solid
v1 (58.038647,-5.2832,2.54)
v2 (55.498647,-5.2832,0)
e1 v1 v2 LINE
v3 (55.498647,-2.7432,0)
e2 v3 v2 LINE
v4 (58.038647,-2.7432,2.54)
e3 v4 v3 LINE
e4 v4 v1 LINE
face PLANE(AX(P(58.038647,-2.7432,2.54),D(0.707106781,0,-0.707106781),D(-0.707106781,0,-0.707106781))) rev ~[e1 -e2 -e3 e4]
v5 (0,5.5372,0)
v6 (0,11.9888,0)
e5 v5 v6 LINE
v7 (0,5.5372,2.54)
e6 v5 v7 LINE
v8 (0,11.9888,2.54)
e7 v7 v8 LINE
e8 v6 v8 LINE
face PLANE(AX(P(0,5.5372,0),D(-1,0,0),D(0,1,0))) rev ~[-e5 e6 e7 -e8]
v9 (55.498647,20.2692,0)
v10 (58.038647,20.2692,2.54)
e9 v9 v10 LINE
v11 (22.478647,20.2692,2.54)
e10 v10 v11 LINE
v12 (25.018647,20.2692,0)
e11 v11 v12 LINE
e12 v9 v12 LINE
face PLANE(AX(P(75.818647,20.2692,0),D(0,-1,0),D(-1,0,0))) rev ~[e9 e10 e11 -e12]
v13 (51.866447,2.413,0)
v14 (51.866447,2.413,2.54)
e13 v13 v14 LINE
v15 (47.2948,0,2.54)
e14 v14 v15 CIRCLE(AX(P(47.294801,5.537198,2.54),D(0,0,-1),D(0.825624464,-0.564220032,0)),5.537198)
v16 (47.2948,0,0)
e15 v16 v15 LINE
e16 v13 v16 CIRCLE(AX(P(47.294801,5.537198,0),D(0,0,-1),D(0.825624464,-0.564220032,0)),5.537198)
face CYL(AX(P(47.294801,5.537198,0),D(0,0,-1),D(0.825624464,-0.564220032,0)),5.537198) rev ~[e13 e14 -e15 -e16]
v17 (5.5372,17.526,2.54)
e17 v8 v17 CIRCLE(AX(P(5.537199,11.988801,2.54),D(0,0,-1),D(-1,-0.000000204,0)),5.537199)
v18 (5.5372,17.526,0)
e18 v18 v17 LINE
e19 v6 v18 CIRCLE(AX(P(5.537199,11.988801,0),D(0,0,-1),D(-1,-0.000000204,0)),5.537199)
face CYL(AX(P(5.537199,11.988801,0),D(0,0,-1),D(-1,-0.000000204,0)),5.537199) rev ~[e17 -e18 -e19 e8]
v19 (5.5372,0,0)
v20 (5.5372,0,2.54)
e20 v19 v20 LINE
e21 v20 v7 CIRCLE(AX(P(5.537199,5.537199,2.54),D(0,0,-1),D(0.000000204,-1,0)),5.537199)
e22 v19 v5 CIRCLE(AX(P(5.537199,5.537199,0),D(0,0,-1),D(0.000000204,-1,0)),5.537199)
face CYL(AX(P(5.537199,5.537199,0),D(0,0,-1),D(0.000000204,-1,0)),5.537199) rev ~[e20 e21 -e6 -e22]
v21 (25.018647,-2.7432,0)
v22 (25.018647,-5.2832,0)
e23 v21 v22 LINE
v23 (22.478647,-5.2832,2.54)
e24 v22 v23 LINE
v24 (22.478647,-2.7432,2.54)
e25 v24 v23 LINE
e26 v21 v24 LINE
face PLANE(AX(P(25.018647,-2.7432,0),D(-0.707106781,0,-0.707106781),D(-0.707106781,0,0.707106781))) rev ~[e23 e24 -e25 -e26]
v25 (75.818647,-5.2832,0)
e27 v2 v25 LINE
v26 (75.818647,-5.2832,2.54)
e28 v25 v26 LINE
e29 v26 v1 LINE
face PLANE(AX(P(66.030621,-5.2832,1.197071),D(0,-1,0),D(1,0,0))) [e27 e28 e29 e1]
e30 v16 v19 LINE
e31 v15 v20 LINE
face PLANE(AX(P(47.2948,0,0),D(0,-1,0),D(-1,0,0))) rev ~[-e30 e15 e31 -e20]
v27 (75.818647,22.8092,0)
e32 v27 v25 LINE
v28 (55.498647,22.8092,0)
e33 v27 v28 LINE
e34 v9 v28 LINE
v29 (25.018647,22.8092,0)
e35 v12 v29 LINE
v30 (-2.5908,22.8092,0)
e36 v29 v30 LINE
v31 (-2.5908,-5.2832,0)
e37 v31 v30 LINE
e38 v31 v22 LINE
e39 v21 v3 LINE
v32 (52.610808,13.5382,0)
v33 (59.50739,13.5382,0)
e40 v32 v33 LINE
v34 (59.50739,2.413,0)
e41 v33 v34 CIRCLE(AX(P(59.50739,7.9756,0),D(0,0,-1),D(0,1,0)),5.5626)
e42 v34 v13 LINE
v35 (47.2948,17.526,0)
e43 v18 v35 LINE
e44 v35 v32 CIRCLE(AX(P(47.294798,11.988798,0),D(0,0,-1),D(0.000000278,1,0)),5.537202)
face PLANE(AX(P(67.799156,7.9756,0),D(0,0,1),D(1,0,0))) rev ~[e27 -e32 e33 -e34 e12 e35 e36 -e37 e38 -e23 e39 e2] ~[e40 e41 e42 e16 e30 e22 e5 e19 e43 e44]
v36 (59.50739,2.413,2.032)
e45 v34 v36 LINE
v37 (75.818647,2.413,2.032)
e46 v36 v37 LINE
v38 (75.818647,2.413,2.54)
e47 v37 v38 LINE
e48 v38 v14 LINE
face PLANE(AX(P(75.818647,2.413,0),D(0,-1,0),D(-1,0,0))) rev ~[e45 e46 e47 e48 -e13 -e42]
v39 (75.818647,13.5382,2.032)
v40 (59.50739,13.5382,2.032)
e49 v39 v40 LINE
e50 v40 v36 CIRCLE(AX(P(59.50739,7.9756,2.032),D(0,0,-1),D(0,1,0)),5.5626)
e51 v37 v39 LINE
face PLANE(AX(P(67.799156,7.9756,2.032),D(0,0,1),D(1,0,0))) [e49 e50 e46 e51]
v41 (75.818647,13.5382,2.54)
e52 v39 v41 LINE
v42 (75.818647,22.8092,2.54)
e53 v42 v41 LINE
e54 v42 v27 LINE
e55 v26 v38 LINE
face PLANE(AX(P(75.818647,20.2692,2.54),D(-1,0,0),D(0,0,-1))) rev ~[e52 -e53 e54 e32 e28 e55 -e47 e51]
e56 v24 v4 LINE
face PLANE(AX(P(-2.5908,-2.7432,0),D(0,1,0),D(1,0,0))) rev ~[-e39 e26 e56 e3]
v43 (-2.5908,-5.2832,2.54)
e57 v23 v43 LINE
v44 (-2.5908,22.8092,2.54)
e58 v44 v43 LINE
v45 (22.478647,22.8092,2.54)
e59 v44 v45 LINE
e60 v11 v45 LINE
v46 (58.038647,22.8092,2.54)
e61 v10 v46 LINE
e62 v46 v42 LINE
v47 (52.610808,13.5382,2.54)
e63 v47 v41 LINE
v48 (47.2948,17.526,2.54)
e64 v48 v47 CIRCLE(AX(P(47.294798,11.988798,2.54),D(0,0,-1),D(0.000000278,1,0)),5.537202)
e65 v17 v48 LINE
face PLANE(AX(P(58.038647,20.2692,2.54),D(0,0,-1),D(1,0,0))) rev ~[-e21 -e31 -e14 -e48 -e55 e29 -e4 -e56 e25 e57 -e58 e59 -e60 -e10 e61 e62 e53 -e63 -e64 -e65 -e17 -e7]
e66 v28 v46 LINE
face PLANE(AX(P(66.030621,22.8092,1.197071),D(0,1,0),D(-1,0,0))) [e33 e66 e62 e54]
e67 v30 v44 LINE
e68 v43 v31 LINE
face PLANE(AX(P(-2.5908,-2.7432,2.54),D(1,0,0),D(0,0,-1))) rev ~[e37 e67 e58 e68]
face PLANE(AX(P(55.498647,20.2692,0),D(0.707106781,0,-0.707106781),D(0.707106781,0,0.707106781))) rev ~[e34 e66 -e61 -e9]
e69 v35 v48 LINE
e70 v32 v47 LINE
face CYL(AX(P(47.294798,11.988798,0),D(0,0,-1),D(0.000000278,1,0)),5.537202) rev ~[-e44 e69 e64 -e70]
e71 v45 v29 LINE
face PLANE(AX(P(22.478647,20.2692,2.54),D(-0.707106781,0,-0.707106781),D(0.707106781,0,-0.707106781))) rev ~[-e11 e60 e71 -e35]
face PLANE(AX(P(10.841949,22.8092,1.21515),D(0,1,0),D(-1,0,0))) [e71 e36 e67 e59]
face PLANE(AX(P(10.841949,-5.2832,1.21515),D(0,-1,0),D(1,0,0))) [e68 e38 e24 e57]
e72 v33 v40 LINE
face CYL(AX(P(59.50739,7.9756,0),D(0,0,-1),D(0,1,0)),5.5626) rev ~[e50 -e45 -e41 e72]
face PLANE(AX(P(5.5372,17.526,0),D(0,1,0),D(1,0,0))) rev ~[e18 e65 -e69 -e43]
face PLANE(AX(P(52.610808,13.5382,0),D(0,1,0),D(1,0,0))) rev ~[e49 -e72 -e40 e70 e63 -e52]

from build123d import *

# Parameters (mm, degrees)
F1_DEPTH = 2.54
F3_DEPTH = 2.54
F5_DEPTH = 2.54
F6_DEPTH = 2.032


with BuildPart() as f1:
    # F0 (on Top) → F1 (new body)
    with BuildSketch(Plane.XY):
        with BuildLine():
            ThreePointArc((5.5372, 0), (1.621808, 1.621808), (0, 5.5372))
            Line((0, 5.5372), (0, 11.9888))
            ThreePointArc((0, 11.9888), (1.621808, 15.904192), (5.5372, 17.526))
            Line((5.5372, 17.526), (47.2948, 17.526))
            ThreePointArc((47.2948, 17.526), (50.617543, 16.418242), (52.610808, 13.5382))
            Line((52.610808, 13.5382), (59.50739, 13.5382))
            Line((59.50739, 13.5382), (75.818647, 13.5382))
            Line((75.818647, 13.5382), (75.818647, 20.2692))
            Line((75.818647, 20.2692), (-2.5908, 20.2692))
            Line((-2.5908, 20.2692), (-2.5908, -2.7432))
            Line((-2.5908, -2.7432), (75.818647, -2.7432))
            Line((75.818647, -2.7432), (75.818647, 2.413))
            Line((75.818647, 2.413), (59.50739, 2.413))
            Line((59.50739, 2.413), (51.866447, 2.413))
            ThreePointArc((51.866447, 2.413), (49.879492, 0.640267), (47.2948, 0))
            Line((47.2948, 0), (5.5372, 0))
        make_face()
    extrude(amount=F1_DEPTH)

    # F2 (on face) → F3 (join)
    with BuildSketch(Plane.XZ.offset(2.7432)):
        Polygon((-2.5908, 0), (25.018647, 0), (22.478647, 2.54), (-2.5908, 2.54), align=None)
        Polygon((58.038647, 2.54), (55.498647, 0), (75.818647, 0), (75.818647, 2.54), align=None)
    extrude(amount=F3_DEPTH)

    # F4 (on face) → F5 (join)
    with BuildSketch(Plane(origin=(0, 20.2692, 0), x_dir=(-1, 0, 0), z_dir=(0, 1, 0))):
        Polygon((-75.818647, 0), (-55.498647, 0), (-58.038647, 2.54), (-75.818647, 2.54), align=None)
        Polygon((-22.478647, 2.54), (-25.018647, 0), (2.5908, 0), (2.5908, 2.54), align=None)
    extrude(amount=F5_DEPTH)

    # F0 (on Top) → F6 (join)
    with BuildSketch(Plane.XY):
        with BuildLine():
            ThreePointArc((59.50739, 13.5382), (65.06999, 7.9756), (59.50739, 2.413))
            Line((59.50739, 2.413), (75.818647, 2.413))
            Line((75.818647, 2.413), (75.818647, 13.5382))
            Line((75.818647, 13.5382), (59.50739, 13.5382))
        make_face()
    extrude(amount=F6_DEPTH)


solid = f1.part
